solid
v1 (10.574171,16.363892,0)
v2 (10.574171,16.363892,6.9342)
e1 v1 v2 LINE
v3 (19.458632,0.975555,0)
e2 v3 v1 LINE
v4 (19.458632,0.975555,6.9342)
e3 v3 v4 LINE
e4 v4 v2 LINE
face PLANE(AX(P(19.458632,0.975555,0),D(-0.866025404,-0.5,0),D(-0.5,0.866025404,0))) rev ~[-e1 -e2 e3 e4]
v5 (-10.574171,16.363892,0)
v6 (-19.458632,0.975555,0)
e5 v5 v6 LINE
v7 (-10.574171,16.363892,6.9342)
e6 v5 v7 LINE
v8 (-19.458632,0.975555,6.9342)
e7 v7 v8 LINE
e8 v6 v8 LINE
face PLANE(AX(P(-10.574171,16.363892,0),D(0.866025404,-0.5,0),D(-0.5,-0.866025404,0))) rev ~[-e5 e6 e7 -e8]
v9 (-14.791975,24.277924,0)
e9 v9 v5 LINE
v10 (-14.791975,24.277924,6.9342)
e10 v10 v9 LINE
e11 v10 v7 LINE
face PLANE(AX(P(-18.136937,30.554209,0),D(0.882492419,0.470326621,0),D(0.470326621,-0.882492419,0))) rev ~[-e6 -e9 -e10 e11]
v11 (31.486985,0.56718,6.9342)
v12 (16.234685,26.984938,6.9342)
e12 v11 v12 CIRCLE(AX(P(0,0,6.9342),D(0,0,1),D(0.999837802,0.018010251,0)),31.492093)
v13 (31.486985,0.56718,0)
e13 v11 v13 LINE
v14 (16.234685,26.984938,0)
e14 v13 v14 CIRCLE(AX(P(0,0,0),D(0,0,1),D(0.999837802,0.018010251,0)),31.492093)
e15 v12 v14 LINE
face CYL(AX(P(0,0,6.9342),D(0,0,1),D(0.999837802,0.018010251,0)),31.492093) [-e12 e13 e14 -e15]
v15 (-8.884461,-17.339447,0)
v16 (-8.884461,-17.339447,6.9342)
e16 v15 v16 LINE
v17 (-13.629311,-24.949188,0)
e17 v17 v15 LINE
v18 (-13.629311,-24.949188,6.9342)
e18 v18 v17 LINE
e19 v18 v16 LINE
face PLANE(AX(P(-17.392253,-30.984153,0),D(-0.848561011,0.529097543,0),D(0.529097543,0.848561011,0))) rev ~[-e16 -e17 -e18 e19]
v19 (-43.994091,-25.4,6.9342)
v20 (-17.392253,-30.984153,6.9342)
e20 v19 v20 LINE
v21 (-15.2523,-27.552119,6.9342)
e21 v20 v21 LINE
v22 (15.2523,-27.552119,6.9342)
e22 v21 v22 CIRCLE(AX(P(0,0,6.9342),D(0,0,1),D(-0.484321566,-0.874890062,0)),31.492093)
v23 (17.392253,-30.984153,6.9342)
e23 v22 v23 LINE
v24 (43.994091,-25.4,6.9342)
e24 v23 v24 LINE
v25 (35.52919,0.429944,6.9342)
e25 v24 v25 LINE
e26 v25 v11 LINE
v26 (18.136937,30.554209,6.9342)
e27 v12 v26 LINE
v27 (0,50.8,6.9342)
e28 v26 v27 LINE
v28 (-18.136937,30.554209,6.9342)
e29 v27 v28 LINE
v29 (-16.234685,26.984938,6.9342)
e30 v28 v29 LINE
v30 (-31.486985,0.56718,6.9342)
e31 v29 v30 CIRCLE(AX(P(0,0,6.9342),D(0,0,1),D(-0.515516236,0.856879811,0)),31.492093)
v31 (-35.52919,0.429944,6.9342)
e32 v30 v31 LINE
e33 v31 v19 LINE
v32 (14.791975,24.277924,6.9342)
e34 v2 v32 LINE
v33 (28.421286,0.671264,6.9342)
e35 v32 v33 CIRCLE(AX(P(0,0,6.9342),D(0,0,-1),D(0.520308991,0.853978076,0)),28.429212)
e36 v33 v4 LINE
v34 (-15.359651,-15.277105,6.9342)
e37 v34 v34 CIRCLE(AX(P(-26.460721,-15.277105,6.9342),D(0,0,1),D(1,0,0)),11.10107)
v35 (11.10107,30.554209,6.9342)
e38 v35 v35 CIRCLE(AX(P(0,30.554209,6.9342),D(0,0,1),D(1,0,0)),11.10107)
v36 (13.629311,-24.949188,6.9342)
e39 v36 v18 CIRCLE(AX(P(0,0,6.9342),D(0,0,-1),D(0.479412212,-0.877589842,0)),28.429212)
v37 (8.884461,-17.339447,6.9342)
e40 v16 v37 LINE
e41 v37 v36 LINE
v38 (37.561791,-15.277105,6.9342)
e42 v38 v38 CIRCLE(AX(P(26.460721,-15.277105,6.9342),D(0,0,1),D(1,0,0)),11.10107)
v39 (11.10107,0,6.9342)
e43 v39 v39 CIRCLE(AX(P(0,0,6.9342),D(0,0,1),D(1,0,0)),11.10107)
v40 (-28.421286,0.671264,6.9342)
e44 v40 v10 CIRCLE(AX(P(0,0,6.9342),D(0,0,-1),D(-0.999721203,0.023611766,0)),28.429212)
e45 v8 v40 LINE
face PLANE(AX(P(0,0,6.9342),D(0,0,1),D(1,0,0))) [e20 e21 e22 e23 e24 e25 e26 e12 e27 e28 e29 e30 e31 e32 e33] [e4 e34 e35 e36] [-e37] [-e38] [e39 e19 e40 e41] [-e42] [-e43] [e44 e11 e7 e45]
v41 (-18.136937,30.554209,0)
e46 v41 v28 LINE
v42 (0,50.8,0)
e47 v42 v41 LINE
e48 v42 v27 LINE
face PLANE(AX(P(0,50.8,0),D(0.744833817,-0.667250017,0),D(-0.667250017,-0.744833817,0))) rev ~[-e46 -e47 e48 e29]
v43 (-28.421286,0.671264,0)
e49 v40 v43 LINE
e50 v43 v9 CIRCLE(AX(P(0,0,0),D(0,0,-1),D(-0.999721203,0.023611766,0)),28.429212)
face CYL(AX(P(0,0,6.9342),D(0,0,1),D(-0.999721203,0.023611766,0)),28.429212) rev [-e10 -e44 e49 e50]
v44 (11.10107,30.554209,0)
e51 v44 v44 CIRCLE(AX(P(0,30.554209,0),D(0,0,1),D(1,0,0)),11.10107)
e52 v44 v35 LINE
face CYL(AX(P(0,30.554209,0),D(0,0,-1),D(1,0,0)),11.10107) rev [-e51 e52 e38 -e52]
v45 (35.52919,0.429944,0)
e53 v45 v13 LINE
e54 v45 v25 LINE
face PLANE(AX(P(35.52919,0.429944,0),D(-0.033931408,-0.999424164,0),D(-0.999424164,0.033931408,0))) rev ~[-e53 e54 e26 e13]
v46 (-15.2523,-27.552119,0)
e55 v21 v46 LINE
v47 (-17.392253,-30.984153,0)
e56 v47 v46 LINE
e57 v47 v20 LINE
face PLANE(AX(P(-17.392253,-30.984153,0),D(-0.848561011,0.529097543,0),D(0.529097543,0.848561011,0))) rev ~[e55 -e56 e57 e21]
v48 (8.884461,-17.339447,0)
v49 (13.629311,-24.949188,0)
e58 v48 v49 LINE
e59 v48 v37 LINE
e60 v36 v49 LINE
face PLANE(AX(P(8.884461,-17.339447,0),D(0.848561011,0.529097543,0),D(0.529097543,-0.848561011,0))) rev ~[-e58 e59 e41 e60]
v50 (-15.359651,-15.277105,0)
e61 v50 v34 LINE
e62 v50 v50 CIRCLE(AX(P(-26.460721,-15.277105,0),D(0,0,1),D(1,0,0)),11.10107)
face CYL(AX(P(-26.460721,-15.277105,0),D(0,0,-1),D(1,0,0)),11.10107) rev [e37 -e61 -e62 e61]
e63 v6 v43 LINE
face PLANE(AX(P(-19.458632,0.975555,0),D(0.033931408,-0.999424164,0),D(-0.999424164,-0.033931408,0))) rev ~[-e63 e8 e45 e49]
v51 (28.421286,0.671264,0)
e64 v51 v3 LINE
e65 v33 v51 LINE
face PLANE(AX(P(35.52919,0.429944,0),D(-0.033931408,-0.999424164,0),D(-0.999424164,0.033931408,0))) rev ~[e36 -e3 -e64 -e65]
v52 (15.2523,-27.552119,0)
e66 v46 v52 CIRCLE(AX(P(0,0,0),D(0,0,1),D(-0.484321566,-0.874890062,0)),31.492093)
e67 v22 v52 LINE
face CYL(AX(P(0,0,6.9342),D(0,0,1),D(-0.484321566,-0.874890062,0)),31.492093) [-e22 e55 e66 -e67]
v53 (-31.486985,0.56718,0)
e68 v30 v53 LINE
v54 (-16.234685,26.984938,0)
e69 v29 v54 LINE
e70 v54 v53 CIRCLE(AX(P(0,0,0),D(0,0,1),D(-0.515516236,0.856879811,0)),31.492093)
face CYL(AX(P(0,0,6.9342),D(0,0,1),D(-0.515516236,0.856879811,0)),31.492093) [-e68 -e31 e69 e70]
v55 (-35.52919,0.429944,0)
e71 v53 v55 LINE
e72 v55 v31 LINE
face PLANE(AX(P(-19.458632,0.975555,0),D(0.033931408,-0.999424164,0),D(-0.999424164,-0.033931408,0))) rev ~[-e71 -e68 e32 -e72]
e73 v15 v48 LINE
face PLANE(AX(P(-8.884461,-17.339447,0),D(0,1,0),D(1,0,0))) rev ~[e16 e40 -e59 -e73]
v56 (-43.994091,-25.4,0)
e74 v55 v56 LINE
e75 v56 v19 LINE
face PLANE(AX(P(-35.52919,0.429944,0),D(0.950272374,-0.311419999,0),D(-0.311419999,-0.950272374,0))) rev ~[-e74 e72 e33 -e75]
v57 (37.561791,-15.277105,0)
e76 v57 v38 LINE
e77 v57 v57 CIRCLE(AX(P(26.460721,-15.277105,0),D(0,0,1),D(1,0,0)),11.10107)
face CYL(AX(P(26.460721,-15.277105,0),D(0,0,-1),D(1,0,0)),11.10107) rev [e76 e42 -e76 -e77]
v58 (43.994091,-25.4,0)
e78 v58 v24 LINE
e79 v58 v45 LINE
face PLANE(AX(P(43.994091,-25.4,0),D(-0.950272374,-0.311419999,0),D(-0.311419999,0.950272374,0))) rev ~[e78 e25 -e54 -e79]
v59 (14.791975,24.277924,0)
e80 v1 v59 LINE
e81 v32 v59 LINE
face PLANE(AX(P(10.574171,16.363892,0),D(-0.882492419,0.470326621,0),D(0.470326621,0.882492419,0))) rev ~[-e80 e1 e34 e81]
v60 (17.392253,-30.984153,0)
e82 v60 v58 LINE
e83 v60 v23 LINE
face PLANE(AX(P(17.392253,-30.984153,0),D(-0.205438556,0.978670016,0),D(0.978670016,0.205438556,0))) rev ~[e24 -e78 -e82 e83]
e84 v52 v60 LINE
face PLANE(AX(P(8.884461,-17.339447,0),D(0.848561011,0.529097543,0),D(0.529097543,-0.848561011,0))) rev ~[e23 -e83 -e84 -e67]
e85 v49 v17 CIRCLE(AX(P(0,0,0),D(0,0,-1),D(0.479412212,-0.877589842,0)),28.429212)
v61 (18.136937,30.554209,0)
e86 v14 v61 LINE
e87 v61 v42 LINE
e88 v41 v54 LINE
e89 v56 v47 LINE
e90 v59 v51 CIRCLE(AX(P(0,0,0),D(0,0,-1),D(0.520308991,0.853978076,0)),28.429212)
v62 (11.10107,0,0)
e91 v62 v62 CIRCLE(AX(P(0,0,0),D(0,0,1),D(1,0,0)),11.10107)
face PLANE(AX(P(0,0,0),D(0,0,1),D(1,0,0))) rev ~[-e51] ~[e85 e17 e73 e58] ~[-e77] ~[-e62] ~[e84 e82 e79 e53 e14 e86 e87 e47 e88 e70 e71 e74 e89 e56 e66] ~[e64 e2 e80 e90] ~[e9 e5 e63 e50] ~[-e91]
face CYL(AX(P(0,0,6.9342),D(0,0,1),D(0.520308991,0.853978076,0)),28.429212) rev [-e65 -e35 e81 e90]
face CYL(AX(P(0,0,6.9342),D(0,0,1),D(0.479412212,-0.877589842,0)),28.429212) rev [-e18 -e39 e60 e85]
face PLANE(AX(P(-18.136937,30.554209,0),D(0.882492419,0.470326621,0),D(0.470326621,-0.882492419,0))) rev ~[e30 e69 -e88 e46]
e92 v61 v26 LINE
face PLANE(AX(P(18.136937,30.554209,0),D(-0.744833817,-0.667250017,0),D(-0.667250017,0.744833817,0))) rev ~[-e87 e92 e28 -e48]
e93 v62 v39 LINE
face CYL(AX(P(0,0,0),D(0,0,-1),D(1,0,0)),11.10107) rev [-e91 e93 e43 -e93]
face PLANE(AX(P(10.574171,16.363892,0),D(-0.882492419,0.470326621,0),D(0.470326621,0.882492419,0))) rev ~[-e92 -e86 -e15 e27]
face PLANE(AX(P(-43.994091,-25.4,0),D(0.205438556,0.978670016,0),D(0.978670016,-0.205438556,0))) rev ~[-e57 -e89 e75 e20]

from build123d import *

# Parameters (mm, degrees)
F0_R     = 11.10107
F1_DEPTH = 6.9342
F3_DEPTH = 6.9342


with BuildPart() as f1:
    # F0 (on Top) → F1 (new body)
    with BuildSketch(Plane.XY):
        Polygon((18.1369372315, 30.5542092799), (0, 50.8), (-18.1369372315, 30.5542092799), (-10.5741708498, 16.3638919404), (-19.4586315501, 0.9755546097), (-35.5291900447, 0.4299437494), (-43.9940905122, -25.4), (-17.3922528132, -30.9841530293), (-8.8844607003, -17.3394465501), (8.8844607003, -17.3394465501), (17.3922528132, -30.9841530293), (43.9940905122, -25.4), (35.5291900447, 0.4299437494), (19.4586315501, 0.9755546097), (10.5741708498, 16.3638919404), align=None)
        with Locations((-26.4607214289, -15.27710464)):
            Circle(F0_R, mode=Mode.SUBTRACT)
        with Locations((26.4607214289, -15.27710464)):
            Circle(F0_R, mode=Mode.SUBTRACT)
        Circle(F0_R, mode=Mode.SUBTRACT)
        with Locations((0, 30.5542092799)):
            Circle(F0_R, mode=Mode.SUBTRACT)
    extrude(amount=F1_DEPTH)

    # F2 (on face) → F3 (join)
    with BuildSketch(Plane.XY.offset(6.9342)):
        with BuildLine():
            Line((15.2522996768, -27.5521189554), (13.6293113813, -24.9491875935))
            ThreePointArc((13.6293113813, -24.9491875935), (0, -28.4292119185), (-13.6293113813, -24.9491875935))
            Line((-13.6293113813, -24.9491875935), (-15.2522996768, -27.5521189554))
            ThreePointArc((-15.2522996768, -27.5521189554), (0, -31.4920927276), (15.2522996768, -27.5521189554))
        make_face()
        with BuildLine():
            ThreePointArc((14.7919745691, 24.2779236891), (24.620419731, 14.2146059592), (28.4212859504, 0.6712639045))
            Line((28.4212859504, 0.6712639045), (31.4869847819, 0.5671804915))
            ThreePointArc((31.4869847819, 0.5671804915), (27.2729523205, 15.7460463638), (16.2346851051, 26.984938464))
            Line((16.2346851051, 26.984938464), (14.7919745691, 24.2779236891))
        make_face()
        with BuildLine():
            ThreePointArc((-28.4212859504, 0.6712639045), (-24.620419731, 14.2146059592), (-14.7919745691, 24.2779236891))
            Line((-14.7919745691, 24.2779236891), (-16.2346851051, 26.984938464))
            ThreePointArc((-16.2346851051, 26.984938464), (-27.2729523205, 15.7460463638), (-31.4869847819, 0.5671804915))
            Line((-31.4869847819, 0.5671804915), (-28.4212859504, 0.6712639045))
        make_face()
    extrude(amount=-F3_DEPTH)


solid = f1.part
